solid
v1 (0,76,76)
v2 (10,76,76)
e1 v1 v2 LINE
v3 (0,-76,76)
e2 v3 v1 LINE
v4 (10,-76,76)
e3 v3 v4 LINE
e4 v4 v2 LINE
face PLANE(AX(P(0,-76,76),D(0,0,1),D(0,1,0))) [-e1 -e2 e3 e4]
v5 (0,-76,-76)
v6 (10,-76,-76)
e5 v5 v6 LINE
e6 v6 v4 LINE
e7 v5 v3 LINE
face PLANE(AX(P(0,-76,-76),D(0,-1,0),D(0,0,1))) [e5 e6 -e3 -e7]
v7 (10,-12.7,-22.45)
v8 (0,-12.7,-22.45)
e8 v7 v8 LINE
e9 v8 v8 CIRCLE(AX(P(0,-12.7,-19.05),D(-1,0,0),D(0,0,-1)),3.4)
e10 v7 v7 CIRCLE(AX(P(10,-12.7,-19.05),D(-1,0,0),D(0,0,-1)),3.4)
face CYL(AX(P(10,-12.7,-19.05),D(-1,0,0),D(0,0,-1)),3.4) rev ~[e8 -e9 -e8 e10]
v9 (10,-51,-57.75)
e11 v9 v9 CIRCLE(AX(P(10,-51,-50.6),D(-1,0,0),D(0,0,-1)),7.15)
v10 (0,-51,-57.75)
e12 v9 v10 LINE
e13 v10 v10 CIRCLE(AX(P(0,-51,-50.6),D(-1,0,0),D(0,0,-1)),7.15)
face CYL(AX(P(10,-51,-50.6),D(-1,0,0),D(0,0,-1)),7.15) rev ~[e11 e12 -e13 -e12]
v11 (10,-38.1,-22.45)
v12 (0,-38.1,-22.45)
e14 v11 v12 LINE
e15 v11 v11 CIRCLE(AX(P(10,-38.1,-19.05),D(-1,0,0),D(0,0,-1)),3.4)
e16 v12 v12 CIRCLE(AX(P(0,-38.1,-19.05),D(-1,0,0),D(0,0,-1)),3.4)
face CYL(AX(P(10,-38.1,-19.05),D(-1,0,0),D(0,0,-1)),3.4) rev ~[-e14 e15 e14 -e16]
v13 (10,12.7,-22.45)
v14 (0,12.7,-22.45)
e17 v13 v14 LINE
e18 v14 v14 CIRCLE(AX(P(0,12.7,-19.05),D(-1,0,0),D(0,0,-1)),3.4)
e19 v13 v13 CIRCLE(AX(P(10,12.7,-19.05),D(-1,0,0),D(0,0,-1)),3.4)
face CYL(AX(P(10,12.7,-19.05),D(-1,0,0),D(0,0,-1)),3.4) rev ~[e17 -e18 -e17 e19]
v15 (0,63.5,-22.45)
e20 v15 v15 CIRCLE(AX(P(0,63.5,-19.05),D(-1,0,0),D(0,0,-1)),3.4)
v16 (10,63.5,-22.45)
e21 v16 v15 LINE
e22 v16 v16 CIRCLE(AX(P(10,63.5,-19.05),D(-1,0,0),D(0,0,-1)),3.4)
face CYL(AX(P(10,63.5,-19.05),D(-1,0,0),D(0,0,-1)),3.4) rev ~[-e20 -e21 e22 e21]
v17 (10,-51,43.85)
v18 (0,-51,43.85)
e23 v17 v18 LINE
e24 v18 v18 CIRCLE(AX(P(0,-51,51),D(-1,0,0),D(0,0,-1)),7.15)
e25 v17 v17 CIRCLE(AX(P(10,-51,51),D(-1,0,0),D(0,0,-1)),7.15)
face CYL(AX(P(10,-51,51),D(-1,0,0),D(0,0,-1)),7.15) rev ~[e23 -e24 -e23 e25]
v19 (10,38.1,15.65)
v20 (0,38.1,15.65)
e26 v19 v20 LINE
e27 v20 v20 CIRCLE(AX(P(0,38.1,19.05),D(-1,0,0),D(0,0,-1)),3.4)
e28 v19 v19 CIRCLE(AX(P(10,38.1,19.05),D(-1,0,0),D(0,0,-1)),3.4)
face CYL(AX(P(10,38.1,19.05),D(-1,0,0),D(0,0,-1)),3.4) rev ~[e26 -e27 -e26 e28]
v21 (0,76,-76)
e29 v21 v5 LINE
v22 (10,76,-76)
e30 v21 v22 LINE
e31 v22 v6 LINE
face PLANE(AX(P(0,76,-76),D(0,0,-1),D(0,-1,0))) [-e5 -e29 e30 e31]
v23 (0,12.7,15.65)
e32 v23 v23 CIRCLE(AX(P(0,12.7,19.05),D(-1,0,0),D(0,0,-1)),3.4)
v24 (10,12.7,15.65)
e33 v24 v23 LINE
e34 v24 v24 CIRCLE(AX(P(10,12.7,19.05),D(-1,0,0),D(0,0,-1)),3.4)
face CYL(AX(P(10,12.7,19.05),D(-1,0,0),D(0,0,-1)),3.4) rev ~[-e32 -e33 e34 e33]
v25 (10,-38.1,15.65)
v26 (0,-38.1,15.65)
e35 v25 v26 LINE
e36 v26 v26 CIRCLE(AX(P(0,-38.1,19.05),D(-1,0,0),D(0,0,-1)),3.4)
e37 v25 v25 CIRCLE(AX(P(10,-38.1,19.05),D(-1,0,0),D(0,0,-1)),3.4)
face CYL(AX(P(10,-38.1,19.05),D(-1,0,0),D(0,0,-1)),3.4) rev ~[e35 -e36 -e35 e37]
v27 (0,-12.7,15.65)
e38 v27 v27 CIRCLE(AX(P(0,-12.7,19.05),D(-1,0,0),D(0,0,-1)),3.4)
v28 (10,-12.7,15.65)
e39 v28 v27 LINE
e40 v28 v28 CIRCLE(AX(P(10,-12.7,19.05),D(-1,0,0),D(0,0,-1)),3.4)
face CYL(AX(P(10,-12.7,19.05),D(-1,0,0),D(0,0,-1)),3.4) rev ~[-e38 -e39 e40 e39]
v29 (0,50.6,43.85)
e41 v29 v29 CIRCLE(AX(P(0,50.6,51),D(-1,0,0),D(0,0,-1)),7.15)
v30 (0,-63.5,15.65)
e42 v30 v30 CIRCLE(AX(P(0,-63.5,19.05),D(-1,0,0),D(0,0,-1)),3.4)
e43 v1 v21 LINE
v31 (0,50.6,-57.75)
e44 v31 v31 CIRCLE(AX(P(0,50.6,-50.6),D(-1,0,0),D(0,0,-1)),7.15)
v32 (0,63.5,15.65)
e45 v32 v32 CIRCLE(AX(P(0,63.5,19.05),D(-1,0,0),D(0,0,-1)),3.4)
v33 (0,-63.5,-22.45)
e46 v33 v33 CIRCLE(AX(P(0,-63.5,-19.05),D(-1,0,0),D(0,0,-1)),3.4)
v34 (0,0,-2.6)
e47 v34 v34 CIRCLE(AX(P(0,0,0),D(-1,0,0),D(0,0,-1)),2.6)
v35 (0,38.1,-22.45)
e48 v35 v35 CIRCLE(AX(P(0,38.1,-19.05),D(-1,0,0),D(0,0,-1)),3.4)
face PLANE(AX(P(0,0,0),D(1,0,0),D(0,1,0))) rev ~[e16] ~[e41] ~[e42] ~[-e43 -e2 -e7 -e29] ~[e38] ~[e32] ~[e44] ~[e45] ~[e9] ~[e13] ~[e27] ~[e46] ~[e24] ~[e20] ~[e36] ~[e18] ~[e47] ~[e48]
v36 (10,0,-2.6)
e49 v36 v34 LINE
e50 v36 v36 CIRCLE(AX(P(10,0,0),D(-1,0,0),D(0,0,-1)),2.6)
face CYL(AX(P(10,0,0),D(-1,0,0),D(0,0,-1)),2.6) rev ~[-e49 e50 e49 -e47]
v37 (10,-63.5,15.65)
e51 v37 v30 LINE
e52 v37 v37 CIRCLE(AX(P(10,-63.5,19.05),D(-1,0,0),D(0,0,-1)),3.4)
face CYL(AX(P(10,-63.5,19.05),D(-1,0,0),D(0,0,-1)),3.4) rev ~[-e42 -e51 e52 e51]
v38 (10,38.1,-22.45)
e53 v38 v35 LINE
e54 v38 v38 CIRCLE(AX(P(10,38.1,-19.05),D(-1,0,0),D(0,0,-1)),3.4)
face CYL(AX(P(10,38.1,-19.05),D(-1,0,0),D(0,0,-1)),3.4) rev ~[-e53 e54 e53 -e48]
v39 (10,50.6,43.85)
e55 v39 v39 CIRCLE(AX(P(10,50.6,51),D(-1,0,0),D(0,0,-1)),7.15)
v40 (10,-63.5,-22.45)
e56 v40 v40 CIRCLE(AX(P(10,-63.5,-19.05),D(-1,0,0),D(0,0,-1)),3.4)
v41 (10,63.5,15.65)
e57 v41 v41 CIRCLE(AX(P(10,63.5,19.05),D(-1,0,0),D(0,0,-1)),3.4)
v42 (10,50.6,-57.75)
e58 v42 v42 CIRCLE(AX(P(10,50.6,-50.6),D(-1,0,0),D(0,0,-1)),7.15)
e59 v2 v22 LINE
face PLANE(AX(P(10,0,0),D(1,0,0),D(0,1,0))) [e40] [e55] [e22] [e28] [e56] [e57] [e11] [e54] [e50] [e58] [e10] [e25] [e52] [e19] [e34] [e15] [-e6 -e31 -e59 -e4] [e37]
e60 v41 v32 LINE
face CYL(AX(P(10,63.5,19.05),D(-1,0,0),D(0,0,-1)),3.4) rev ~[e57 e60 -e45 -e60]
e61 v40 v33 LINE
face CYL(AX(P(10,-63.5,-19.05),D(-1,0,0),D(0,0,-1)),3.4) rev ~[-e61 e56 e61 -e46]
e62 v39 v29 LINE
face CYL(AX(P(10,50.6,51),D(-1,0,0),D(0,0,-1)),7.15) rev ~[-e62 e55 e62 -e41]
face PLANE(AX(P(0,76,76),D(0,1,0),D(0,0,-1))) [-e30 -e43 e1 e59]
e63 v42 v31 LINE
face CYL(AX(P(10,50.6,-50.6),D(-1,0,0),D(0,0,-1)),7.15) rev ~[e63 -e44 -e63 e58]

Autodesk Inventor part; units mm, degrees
ref_plane "YZ Plane" through (0, 0, 0) normal (1, 0, 0) x (0, 1, 0)
ref_plane "XZ Plane" through (0, 0, 0) normal (0, 1, 0) x (-1, 0, 0)
ref_plane "XY Plane" through (0, 0, 0) normal (0, 0, 1) x (1, 0, 0)
sketch "Sketch5" plane through (0, 0, 0) normal (1, 0, 0) x (0, 1, 0)
  line L0 (76, -76) -> (-76, -76)
  line L1 (-76, -76) -> (-76, 76)
  line L2 (-76, 76) -> (76, 76)
  line L3 (76, 76) -> (76, -76)
  line L4 (76, -76) -> (-76, 76) construction
  line L5 (-76, -76) -> (76, 76) construction
  point P0 (0, 0)
  dimension "d31" = 152
  dimension "d32" = 152
extrude "Extrusion2" add sketch "Sketch5" along normal blind 10
sketch "Sketch6" plane through (10, 0, 0) normal (1, 0, 0) x (0, 0, -1)
  line L0 (76, -76) -> (76, 76) projected
  line L1 (76, 76) -> (-76, 76) projected
  point P0 (0, 0)
  point P1 (50.6, 50.6)
  dimension "d42" = 25.4
  dimension "d43" = 25.4
hole "Hole4" at (10, 50.6, -50.6) direction (-1, 0, 0) diameter 14.3 end through all
sketch "Sketch7" plane through (10, 0, 0) normal (1, 0, 0) x (0, 0, -1)
  circle A0 centre (50.6, 50.6) radius 7.15 projected
  line L0 (76, 76) -> (-76, 76) projected
  point P0 (0, 0)
  point P1 (-51, 50.6)
  dimension "d51" = 101.6
  dimension "d52" = 25.4
hole "Hole5" at (10, 50.6, 51) direction (-1, 0, 0) diameter 14.3 end through all
sketch "Sketch8" plane through (10, 0, 0) normal (1, 0, 0) x (0, 0, -1)
  line L0 (76, -76) -> (76, 76) projected
  circle A0 centre (50.6, 50.6) radius 7.15 projected
  point P0 (0, 0)
  point P1 (50.6, -51)
  dimension "d60" = 25.4
  dimension "d61" = 101.6
hole "Hole6" at (10, -51, -50.6) direction (-1, 0, 0) diameter 14.3 end through all
sketch "Sketch9" plane through (10, 0, 0) normal (1, 0, 0) x (0, 0, -1)
  circle A0 centre (-51, 50.6) radius 7.15 projected
  circle A1 centre (50.6, -51) radius 7.15 projected
  point P0 (0, 0)
  point P1 (-51, -51)
  dimension "d69" = 101.6
  dimension "d70" = 101.6
hole "Hole7" at (10, -51, 51) direction (-1, 0, 0) diameter 14.3 end through all
sketch "Sketch10" plane through (10, 0, 0) normal (1, 0, 0) x (0, 0, -1)
  line L0 (76, 76) -> (-76, 76) projected
  line L1 (76, -76) -> (76, 76) projected
  point P0 (0, 0)
  point P1 (19.05, 63.5)
  dimension "d93" = 12.5
  dimension "d103" = 56.95
hole "Hole8" at (10, 63.5, -19.05) direction (-1, 0, 0) diameter 6.8 end through all
sketch "Sketch11" plane through (10, 0, 0) normal (1, 0, 0) x (0, 0, -1)
  circle A0 centre (19.05, 63.5) radius 3.4 projected
  point P0 (0, 0)
  point P1 (-19.05, 63.5)
  dimension "d85" = 38.1
  dimension "d86" = 0
hole "Hole9" at (10, 63.5, 19.05) direction (-1, 0, 0) diameter 6.8 end through all
pattern_linear "Rectangular Pattern1" count 6 spacing 25.4 along (0, -1, 0) of "Hole8"
pattern_linear "Rectangular Pattern2" count 6 spacing 25.4 along (0, -1, 0) of "Hole9"
sketch "Sketch12" plane through (10, 0, 0) normal (1, 0, 0) x (0, 0, -1)
  line L0 (76, -76) -> (76, 76) projected
  line L1 (-76, -76) -> (76, -76) projected
  point P0 (0, 0)
  point P1 (0, 0)
  dimension "d101" = 76
  dimension "d102" = 76
hole "Hole10" at (10, 0, 0) direction (-1, 0, 0) diameter 5.2 end through all
properties part number "base_plate"
